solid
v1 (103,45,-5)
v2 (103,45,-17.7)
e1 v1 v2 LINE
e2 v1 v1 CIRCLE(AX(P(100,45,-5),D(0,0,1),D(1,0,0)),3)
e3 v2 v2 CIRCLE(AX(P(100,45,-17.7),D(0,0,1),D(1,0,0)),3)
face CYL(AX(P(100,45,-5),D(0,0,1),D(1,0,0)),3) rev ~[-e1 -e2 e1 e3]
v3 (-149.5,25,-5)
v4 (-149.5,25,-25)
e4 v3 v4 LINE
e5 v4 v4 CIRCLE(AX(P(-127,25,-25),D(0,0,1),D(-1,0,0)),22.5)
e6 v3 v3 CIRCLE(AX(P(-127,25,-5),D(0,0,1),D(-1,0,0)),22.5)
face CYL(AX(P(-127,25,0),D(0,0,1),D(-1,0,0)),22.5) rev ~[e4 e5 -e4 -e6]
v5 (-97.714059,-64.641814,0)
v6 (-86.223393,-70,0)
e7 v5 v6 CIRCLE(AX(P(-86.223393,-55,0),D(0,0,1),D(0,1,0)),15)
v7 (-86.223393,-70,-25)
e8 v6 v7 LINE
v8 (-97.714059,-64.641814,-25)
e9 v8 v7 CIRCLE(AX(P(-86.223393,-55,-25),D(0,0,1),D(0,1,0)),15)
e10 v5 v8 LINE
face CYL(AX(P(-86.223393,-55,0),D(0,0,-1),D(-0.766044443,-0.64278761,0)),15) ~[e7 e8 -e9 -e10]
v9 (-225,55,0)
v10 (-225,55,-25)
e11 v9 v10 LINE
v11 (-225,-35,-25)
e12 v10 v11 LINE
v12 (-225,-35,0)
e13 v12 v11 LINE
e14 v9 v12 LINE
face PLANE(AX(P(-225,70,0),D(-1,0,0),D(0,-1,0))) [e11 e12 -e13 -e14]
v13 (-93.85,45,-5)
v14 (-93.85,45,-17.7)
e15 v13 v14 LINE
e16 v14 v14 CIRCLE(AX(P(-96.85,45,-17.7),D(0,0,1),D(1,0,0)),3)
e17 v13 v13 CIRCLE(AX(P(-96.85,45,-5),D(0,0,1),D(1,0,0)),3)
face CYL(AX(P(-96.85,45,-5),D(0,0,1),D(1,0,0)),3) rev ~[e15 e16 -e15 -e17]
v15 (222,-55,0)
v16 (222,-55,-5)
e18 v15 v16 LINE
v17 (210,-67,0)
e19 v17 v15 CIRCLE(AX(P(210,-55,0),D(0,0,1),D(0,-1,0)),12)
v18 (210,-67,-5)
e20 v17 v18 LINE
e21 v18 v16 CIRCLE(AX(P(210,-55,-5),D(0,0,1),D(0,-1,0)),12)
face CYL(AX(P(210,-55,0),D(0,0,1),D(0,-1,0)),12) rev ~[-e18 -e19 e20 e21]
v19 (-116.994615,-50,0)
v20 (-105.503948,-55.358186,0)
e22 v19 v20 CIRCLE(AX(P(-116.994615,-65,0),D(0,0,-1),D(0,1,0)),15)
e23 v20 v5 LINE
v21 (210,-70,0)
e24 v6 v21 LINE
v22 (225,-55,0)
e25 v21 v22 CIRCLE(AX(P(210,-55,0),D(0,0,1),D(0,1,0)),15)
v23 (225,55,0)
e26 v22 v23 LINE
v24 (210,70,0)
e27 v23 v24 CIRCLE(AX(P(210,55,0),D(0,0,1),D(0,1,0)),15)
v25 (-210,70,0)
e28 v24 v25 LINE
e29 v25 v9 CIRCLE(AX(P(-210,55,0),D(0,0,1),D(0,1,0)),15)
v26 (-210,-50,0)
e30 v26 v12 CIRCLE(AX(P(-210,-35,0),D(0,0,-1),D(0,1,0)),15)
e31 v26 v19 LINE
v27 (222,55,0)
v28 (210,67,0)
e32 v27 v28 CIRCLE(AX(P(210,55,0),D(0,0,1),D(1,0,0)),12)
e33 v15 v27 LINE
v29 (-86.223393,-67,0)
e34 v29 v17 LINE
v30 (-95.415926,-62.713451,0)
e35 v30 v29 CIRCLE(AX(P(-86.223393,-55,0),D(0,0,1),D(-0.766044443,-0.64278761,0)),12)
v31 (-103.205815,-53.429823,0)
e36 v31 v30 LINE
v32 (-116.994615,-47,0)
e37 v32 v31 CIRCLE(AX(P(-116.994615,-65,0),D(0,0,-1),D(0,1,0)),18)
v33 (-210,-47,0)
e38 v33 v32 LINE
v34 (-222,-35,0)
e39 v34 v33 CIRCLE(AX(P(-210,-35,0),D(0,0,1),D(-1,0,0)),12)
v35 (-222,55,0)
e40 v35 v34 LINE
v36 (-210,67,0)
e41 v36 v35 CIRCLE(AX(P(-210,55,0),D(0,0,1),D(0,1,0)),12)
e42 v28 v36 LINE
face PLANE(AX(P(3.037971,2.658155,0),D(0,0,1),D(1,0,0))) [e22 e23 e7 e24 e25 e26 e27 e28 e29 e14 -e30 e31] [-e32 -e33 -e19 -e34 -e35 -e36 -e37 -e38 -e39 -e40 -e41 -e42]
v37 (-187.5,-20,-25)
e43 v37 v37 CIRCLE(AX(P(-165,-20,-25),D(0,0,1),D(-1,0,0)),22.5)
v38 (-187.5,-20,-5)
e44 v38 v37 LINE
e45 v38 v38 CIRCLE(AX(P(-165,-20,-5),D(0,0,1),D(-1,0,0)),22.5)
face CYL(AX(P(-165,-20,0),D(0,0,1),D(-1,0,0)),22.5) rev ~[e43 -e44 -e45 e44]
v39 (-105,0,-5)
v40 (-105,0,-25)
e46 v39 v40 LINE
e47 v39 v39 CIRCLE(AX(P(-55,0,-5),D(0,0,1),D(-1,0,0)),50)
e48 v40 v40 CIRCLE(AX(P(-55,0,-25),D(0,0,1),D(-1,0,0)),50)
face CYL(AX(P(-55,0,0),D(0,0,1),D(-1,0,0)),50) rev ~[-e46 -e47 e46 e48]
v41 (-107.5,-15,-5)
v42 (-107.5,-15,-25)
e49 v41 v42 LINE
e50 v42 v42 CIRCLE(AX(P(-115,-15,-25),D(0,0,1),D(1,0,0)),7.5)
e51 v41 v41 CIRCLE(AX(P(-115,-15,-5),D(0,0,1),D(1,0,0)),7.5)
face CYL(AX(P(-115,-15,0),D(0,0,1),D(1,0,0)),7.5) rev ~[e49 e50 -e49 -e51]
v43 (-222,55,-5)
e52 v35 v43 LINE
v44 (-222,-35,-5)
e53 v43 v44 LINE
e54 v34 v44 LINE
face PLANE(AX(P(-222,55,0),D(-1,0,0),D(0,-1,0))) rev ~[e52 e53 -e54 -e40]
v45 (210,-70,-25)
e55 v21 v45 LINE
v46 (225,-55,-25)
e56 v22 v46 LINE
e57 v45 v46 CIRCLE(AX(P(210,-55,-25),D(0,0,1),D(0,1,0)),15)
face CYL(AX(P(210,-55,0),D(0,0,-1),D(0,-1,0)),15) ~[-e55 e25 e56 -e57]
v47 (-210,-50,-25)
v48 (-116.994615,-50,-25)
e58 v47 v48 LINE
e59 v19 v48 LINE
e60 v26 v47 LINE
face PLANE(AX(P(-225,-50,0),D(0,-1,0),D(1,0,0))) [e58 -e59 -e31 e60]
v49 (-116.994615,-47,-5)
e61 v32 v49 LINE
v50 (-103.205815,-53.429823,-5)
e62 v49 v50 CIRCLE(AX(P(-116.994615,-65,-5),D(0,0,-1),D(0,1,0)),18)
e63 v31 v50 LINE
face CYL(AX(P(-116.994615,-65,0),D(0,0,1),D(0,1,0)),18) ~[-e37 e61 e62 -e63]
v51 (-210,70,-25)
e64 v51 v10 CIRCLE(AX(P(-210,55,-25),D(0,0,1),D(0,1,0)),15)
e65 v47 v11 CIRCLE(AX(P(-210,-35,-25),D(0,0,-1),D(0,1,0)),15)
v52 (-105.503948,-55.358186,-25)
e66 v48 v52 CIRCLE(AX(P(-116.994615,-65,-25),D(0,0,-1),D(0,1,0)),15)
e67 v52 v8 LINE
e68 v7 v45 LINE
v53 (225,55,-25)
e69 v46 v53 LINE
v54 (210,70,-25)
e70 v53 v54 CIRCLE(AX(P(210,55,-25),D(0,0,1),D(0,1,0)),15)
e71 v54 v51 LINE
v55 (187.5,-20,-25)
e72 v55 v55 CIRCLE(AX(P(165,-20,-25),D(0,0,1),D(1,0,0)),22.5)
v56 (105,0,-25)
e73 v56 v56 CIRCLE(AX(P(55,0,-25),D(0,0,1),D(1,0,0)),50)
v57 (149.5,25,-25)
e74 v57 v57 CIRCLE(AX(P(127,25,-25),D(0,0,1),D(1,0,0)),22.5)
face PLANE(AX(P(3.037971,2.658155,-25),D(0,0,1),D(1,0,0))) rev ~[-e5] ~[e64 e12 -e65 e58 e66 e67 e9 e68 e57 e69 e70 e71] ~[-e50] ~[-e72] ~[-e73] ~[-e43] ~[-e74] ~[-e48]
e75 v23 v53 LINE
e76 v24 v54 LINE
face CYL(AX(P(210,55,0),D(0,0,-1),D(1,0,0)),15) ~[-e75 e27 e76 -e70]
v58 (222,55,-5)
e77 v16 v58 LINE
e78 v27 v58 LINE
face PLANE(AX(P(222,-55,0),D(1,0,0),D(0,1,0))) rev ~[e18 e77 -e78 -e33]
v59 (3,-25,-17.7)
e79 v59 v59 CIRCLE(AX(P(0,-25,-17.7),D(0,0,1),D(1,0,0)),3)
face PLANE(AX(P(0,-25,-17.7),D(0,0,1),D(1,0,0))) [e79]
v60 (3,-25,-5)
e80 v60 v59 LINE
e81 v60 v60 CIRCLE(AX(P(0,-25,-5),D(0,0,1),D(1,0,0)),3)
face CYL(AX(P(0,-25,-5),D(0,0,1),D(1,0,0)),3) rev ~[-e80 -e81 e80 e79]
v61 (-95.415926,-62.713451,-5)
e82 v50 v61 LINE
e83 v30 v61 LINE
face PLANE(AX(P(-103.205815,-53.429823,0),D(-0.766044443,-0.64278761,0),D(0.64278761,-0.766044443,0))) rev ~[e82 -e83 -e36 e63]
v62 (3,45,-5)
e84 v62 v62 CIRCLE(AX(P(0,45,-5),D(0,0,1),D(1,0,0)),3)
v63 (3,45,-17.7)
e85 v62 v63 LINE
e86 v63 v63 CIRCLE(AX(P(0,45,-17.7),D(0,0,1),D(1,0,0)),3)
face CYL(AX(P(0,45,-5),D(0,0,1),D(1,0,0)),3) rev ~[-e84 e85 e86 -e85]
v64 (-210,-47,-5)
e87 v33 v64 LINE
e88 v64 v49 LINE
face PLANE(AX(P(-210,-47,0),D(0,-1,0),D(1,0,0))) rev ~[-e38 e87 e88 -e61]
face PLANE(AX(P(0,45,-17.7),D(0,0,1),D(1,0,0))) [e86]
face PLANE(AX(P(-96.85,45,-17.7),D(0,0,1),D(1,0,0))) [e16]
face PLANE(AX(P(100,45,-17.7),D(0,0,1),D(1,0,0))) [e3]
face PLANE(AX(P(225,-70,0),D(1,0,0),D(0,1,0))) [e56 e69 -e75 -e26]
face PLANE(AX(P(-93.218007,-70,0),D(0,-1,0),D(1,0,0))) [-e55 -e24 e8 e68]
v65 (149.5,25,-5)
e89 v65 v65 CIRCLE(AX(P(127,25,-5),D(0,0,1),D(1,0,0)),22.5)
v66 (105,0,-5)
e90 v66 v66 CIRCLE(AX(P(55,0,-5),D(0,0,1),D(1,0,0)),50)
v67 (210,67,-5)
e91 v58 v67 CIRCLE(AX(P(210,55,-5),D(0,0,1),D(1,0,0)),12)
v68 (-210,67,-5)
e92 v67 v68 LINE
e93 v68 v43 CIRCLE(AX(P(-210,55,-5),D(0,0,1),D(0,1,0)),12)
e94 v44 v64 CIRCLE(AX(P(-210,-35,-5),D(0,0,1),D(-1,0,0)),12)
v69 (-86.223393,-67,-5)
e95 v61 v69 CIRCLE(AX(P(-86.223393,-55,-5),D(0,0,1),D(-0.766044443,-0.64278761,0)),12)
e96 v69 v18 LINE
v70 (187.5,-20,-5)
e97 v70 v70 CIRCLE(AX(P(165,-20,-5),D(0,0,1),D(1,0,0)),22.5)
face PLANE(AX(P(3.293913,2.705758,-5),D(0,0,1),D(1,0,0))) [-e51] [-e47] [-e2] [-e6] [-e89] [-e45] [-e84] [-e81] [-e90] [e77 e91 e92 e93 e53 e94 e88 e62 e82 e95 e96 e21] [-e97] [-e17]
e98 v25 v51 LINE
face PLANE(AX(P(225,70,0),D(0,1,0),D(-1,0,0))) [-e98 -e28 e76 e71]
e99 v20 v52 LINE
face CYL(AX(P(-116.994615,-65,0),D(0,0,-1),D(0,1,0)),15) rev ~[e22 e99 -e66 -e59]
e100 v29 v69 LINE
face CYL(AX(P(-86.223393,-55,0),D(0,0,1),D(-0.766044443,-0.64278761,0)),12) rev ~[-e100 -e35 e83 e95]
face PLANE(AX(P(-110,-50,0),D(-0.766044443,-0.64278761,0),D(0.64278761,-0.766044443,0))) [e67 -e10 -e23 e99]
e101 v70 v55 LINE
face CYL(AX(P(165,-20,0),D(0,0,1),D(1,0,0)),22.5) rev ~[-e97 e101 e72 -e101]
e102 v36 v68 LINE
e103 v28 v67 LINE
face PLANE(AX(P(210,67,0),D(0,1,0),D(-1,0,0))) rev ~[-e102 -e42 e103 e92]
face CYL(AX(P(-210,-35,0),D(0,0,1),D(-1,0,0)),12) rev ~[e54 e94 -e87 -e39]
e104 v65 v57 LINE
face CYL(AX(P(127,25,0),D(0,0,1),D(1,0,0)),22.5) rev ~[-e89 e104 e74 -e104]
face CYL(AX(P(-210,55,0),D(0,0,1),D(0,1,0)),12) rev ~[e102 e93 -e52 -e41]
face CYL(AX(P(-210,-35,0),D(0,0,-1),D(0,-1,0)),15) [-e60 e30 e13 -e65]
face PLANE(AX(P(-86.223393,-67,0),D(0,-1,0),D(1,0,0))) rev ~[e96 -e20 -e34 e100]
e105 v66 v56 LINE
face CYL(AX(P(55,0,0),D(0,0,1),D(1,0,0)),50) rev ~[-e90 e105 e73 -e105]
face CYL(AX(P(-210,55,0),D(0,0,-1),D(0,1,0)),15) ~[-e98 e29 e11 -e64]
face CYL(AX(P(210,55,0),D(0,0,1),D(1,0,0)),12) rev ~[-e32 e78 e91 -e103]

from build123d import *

# Parameters (mm, degrees)
BOSS_EXTRUDE1_DEPTH = 25
FILLET1_R           = 15
SKETCH2_R           = 50
SKETCH2_R_2         = 22.5
SKETCH2_R_3         = 7.5
CUT_EXTRUDE1_DEPTH  = 237.959912221
CUT_EXTRUDE2_DEPTH  = 5
SKETCH5_R           = 3
CUT_EXTRUDE3_DEPTH  = 12.7


with BuildPart() as part:
    # Sketch1 → Boss-Extrude1 (new body)
    with BuildSketch(Plane.XY):
        Polygon((-225, -50), (-110, -50), (-93.218007376, -70), (225, -70), (225, 70), (-225, 70), align=None)
    extrude(amount=-BOSS_EXTRUDE1_DEPTH)

    # Fillet1
    fillet1_edges = [part.edges().sort_by_distance(p)[0] for p in [
        (225, -70, -12.5),
        (-93.218007376, -70, -12.5),
        (-110, -50, -12.5),
        (-225, -50, -12.5),
        (-225, 70, -12.5),
        (225, 70, -12.5),
    ]]
    fillet(fillet1_edges, radius=FILLET1_R)

    # Sketch2 → Cut-Extrude1 (cut, through all)
    with BuildSketch(Plane.XY):
        with Locations((55, 0)):
            Circle(SKETCH2_R)
        with Locations((127, 25)):
            Circle(SKETCH2_R_2)
        with Locations((165, -20)):
            Circle(SKETCH2_R_2)
        with Locations(Location((-165, -20, 0), (0, 0, 180))):
            Circle(SKETCH2_R_2)
        with Locations(Location((-127, 25, 0), (0, 0, 180))):
            Circle(SKETCH2_R_2)
        with Locations(Location((-55, 0, 0), (0, 0, 180))):
            Circle(SKETCH2_R)
        with Locations((-115, -15)):
            Circle(SKETCH2_R_3)
    extrude(amount=-CUT_EXTRUDE1_DEPTH, mode=Mode.SUBTRACT)

    # Sketch4 → Cut-Extrude2 (cut)
    with BuildSketch(Plane.XY):
        with BuildLine():
            Line((-103.205814896, -53.429823026), (-95.415925822, -62.713451316))
            ThreePointArc((-95.415925822, -62.713451316), (-91.294811645, -65.875693444), (-86.223392504, -67))
            Line((-86.223392504, -67), (210, -67))
            ThreePointArc((210, -67), (218.485281374, -63.485281374), (222, -55))
            Line((222, -55), (222, 55))
            ThreePointArc((222, 55), (218.485281374, 63.485281374), (210, 67))
            Line((210, 67), (-210, 67))
            ThreePointArc((-210, 67), (-218.485281374, 63.485281374), (-222, 55))
            Line((-222, 55), (-222, -35))
            ThreePointArc((-222, -35), (-218.485281374, -43.485281374), (-210, -47))
            Line((-210, -47), (-116.994614872, -47))
            ThreePointArc((-116.994614872, -47), (-109.387486161, -48.686459833), (-103.205814896, -53.429823026))
        make_face()
    extrude(amount=-CUT_EXTRUDE2_DEPTH, mode=Mode.SUBTRACT)

    # Sketch5 → Cut-Extrude3 (cut)
    with BuildSketch(Plane.XY.offset(-5)):
        with Locations((0, 45)):
            Circle(SKETCH5_R)
        with Locations((0, -25)):
            Circle(SKETCH5_R)
        with Locations((100, 45)):
            Circle(SKETCH5_R)
        with Locations((-96.85, 45)):
            Circle(SKETCH5_R)
    extrude(amount=-CUT_EXTRUDE3_DEPTH, mode=Mode.SUBTRACT)


solid = part.part
